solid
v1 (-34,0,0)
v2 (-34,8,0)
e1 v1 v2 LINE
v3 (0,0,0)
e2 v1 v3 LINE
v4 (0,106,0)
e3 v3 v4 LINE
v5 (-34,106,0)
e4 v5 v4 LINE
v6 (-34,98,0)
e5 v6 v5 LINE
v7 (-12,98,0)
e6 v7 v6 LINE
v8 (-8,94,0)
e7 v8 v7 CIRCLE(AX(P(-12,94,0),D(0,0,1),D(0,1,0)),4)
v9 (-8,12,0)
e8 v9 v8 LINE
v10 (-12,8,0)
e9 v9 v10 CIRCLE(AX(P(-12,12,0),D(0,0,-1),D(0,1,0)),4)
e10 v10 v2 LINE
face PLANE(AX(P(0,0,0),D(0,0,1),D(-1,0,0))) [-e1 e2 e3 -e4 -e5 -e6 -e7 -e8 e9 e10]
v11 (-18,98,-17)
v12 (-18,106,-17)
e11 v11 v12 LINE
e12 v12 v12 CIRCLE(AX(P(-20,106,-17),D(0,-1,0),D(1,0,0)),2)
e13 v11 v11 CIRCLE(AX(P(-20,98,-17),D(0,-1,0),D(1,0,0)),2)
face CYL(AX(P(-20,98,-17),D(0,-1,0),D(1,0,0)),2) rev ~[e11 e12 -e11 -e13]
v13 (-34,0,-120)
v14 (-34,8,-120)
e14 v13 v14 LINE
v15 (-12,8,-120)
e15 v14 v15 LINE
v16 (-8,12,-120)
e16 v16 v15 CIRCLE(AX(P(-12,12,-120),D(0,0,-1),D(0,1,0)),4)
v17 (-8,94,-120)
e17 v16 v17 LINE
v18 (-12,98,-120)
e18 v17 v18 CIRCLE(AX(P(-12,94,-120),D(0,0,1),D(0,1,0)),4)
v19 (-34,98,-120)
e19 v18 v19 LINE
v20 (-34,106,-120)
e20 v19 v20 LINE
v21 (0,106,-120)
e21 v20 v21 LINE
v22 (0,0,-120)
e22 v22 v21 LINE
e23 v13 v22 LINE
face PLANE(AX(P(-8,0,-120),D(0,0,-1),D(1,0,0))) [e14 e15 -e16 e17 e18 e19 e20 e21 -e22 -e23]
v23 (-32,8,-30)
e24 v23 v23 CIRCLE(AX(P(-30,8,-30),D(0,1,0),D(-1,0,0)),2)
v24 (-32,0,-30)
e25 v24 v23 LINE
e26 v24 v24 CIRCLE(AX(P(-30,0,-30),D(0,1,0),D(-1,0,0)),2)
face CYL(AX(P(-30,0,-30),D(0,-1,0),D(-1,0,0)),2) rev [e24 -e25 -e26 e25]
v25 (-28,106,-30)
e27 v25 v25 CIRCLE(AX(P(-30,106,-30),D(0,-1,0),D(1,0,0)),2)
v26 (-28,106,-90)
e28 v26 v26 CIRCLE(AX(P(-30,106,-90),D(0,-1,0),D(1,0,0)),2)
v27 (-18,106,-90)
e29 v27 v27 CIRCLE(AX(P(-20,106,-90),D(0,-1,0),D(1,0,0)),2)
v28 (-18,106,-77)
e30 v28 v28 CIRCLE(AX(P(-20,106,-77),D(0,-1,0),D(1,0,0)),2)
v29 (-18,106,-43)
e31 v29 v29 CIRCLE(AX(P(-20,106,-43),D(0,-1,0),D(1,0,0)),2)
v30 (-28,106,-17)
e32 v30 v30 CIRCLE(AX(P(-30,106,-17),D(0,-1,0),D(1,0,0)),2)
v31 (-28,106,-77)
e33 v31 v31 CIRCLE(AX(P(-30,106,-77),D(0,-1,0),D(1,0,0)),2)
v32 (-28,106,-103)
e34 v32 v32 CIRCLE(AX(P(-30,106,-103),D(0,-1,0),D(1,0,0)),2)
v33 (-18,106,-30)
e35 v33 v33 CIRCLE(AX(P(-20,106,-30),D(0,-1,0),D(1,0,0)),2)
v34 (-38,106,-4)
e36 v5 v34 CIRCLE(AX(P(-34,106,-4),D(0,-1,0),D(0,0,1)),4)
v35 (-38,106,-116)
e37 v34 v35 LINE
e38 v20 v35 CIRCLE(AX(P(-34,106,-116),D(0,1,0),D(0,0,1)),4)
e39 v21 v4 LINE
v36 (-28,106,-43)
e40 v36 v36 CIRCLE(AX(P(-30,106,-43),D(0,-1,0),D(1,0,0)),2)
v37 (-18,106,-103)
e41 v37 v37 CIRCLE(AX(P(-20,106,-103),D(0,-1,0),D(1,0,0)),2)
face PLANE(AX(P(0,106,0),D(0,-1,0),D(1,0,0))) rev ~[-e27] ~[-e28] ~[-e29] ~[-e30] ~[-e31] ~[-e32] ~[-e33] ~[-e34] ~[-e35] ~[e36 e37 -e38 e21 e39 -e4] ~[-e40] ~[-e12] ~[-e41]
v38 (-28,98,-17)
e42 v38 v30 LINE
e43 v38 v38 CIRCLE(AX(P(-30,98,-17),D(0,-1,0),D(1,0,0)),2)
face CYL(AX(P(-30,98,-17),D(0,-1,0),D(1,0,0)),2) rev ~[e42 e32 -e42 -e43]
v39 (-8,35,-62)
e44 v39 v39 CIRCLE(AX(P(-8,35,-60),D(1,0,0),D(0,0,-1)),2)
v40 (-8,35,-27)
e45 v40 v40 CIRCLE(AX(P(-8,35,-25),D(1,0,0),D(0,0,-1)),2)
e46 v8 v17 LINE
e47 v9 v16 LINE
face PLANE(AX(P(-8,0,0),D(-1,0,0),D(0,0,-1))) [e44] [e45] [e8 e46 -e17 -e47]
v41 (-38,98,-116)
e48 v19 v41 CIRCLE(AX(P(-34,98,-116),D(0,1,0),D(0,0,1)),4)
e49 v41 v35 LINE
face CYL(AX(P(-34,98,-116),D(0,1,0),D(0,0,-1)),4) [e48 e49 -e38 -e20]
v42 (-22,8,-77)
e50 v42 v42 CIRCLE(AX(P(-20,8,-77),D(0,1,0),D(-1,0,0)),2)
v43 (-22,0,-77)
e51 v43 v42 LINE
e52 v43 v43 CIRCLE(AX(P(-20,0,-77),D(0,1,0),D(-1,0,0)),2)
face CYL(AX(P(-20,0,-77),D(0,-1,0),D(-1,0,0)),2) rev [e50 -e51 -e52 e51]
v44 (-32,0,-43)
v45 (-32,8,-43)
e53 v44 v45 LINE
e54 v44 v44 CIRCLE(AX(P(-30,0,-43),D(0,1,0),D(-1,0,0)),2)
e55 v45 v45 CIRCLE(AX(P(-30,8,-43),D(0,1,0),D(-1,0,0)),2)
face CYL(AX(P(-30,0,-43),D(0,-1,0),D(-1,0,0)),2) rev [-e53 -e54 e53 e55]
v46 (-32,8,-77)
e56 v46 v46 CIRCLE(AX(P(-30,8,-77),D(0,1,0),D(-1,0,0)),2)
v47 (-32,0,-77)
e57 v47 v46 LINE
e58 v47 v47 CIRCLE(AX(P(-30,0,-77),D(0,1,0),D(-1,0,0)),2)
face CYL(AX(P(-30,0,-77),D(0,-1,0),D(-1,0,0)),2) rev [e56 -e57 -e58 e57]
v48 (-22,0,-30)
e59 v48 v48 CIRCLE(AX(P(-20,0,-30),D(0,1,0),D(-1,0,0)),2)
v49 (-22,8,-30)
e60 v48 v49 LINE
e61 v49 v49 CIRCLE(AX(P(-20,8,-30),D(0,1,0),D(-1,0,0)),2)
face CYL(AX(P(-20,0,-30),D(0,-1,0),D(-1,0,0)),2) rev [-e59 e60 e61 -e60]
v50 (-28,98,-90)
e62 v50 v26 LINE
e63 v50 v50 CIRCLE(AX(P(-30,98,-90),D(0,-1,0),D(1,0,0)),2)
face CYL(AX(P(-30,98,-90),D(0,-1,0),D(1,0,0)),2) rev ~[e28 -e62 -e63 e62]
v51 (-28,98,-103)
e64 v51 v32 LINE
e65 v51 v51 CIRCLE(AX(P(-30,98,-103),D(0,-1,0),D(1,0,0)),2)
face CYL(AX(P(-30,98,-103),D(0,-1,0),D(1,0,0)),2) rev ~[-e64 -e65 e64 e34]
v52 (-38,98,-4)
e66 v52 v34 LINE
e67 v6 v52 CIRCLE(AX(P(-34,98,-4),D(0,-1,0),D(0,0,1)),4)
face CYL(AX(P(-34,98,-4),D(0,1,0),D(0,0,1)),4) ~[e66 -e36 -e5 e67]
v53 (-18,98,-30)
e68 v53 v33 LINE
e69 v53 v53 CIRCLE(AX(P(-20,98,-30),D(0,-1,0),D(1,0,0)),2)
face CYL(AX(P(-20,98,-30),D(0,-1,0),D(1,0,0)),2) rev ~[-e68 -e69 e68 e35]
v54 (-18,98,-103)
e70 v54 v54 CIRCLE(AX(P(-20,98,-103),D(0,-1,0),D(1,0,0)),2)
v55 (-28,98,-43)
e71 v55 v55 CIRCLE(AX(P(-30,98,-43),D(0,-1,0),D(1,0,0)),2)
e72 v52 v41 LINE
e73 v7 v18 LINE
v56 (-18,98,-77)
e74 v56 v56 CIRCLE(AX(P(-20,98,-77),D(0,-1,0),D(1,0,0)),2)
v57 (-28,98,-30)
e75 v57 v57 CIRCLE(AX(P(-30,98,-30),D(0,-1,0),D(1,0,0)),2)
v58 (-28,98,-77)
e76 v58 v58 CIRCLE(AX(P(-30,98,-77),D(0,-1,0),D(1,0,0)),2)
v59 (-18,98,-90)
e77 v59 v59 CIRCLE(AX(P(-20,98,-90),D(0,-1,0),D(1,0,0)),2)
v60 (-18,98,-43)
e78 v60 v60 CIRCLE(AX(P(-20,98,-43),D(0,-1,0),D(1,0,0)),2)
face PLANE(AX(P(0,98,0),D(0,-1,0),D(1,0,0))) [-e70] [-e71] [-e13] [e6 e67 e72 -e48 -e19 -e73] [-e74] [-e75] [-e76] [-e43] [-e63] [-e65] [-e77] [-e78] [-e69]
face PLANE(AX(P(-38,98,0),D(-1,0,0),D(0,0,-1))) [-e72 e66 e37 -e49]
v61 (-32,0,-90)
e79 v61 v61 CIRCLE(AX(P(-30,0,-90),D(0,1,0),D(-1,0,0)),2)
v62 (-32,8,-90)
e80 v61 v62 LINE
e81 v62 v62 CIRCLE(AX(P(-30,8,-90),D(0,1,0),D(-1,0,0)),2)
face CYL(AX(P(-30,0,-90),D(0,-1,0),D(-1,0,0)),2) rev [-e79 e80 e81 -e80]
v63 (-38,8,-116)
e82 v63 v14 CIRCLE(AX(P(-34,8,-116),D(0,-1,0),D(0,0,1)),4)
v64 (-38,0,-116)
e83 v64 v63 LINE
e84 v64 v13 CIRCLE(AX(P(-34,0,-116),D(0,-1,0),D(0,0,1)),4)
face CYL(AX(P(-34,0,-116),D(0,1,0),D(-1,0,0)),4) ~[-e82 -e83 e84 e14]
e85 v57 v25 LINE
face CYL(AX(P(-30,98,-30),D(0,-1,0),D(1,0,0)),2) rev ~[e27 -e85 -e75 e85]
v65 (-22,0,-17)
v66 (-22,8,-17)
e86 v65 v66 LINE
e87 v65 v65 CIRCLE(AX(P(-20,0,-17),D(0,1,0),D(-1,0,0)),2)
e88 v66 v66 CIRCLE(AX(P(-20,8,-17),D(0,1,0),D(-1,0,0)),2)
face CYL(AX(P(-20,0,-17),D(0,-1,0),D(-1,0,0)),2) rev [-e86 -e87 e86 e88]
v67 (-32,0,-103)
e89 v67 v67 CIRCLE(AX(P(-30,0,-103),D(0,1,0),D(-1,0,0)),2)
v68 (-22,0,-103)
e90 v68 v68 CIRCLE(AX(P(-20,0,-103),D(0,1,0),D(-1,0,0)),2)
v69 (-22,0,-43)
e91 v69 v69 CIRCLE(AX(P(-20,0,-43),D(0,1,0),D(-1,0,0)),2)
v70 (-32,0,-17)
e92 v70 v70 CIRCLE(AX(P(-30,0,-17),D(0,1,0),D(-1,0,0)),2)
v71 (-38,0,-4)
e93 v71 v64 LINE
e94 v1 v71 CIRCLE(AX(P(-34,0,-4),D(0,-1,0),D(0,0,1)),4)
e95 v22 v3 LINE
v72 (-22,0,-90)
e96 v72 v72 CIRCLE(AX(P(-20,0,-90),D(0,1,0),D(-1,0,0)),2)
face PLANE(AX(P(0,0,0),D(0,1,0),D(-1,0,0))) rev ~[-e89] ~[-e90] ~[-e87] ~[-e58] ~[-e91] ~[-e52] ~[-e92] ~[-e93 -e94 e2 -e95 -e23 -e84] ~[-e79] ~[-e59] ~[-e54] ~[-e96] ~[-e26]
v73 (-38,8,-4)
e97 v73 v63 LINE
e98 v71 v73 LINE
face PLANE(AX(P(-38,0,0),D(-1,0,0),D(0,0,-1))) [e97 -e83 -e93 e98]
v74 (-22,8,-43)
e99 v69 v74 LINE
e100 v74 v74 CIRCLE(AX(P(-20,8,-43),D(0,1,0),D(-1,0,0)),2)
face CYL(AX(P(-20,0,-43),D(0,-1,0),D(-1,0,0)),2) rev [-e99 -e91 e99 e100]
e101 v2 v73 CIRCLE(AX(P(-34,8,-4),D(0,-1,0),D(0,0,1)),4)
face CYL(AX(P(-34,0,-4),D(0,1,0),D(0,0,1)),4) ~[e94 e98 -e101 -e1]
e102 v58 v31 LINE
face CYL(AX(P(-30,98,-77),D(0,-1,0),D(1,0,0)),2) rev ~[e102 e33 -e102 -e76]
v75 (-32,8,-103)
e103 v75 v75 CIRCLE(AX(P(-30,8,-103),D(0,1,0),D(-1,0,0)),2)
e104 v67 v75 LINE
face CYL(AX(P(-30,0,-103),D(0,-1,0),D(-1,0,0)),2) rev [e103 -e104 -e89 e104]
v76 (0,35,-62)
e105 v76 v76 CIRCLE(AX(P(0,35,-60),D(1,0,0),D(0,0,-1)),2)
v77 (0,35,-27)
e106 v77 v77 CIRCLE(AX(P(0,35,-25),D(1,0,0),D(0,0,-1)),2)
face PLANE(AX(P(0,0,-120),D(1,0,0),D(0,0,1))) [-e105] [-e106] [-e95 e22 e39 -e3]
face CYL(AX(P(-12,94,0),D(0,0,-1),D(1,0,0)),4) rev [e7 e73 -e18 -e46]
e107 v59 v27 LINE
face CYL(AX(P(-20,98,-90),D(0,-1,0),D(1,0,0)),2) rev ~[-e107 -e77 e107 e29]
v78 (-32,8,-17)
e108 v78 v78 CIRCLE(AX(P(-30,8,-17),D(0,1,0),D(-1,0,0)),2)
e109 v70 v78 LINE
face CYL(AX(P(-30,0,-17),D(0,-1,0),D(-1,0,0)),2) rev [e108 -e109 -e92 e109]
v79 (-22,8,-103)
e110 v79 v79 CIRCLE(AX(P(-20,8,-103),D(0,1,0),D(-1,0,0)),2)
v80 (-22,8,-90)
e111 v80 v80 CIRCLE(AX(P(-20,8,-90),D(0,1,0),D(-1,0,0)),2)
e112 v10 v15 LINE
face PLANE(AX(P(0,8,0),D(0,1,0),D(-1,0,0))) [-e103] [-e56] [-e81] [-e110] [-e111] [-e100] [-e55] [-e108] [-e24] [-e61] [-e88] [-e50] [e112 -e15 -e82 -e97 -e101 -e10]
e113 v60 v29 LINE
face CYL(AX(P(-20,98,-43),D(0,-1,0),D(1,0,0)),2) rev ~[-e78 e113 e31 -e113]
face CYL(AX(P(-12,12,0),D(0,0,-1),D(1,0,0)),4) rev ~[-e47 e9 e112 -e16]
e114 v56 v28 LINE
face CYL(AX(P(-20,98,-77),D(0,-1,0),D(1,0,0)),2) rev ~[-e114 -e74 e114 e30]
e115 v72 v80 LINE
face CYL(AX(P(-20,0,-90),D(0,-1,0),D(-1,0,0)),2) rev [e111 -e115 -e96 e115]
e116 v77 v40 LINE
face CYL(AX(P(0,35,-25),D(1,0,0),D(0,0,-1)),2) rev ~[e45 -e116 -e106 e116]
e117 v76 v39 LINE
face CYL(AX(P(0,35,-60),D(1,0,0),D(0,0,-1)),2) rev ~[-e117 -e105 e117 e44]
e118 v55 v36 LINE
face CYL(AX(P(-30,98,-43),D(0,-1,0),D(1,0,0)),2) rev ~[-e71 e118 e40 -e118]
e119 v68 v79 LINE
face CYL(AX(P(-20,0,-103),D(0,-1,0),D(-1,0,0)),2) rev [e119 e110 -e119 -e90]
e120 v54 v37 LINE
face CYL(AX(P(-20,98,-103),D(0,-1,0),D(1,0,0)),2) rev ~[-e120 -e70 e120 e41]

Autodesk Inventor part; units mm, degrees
ref_plane "YZ Plane" through (0, 0, 0) normal (1, 0, 0) x (0, 1, 0)
ref_plane "XZ Plane" through (0, 0, 0) normal (0, 1, 0) x (-1, 0, 0)
sketch "Sketch1" plane through (0, 0, 0) normal (0, 1, 0) x (-1, 0, 0)
  line L0 (0, 0) -> (8, 0)
  line L1 (8, 0) -> (8, -120)
  line L2 (8, -120) -> (0, -120)
  line L3 (0, -120) -> (0, 0)
  line L4 (8, 0) -> (38, 0)
  line L5 (38, 0) -> (38, -120)
  line L6 (38, -120) -> (8, -120)
  line L7 (8, -120) -> (8, 0)
  circle A0 centre (20, -17) radius 2
  circle A1 centre (20, -30) radius 2
  circle A2 centre (20, -43) radius 2
  circle A3 centre (20, -77) radius 2
  circle A4 centre (20, -90) radius 2
  circle A5 centre (20, -103) radius 2
  circle A6 centre (30, -17) radius 2
  circle A7 centre (30, -30) radius 2
  circle A8 centre (30, -43) radius 2
  circle A9 centre (30, -77) radius 2
  circle A10 centre (30, -90) radius 2
  circle A11 centre (30, -103) radius 2
  dimension "d15" = 8
  dimension "d16" = 120
  dimension "d17" = 30
extrude "Extrusion3" add sketch "Sketch1" along normal blind 98 contours L0 L1 L2 L3
extrude "Extrusion4" add sketch "Sketch1" along normal blind 8 contours L4 L5 L6 L1
sketch "Sketch2" plane through (0, 0, 0) normal (1, 0, 0) x (0, 0, -1)
  line L0 (0, 0) -> (120, 0) projected
  line L1 (120, 0) -> (120, 98) projected
  line L2 (0, 0) -> (0, 35)
  line L3 (0, 8) -> (0, 98) projected
  circle A0 centre (25, 35) radius 2
  circle A1 centre (60, 35) radius 2
  dimension "d53" = 4
  dimension "d54" = 4
extrude "Extrusion5" cut sketch "Sketch2" against normal blind 10
ref_plane "Work Plane1" through (0, 98, 0) normal (0, -1, 0) x (1, 0, 0)
sketch "Sketch4" plane through (0, 98, 0) normal (0, -1, 0) x (1, 0, 0)
  line L0 (0, -120) -> (0, 0)
  line L1 (0, 0) -> (-8, 0)
  line L2 (-8, 0) -> (-8, -120)
  line L3 (-8, -120) -> (0, -120)
  line L4 (-8, 0) -> (-38, 0)
  line L5 (-38, 0) -> (-38, -120)
  line L6 (-38, -120) -> (-8, -120)
  line L7 (-8, -120) -> (-8, 0)
  circle A0 centre (-20, -17) radius 2
  circle A1 centre (-20, -30) radius 2
  circle A2 centre (-20, -43) radius 2
  circle A3 centre (-20, -77) radius 2
  circle A4 centre (-20, -90) radius 2
  circle A5 centre (-20, -103) radius 2
  circle A6 centre (-30, -77) radius 2
  circle A7 centre (-30, -90) radius 2
  circle A8 centre (-30, -103) radius 2
  circle A9 centre (-30, -43) radius 2
  circle A10 centre (-30, -30) radius 2
  circle A11 centre (-30, -17) radius 2
  point P0 (8, -120)
extrude "Extrusion6" add sketch "Sketch4" against normal blind 8
fillet "Fillet1" radius 4 6 edges at (-38, 102, 0) (-38, 102, -120) (-38, 4, -120) (-38, 4, 0) (-8, 98, -60) (-8, 8, -60)
properties part number "_3DPrint"
